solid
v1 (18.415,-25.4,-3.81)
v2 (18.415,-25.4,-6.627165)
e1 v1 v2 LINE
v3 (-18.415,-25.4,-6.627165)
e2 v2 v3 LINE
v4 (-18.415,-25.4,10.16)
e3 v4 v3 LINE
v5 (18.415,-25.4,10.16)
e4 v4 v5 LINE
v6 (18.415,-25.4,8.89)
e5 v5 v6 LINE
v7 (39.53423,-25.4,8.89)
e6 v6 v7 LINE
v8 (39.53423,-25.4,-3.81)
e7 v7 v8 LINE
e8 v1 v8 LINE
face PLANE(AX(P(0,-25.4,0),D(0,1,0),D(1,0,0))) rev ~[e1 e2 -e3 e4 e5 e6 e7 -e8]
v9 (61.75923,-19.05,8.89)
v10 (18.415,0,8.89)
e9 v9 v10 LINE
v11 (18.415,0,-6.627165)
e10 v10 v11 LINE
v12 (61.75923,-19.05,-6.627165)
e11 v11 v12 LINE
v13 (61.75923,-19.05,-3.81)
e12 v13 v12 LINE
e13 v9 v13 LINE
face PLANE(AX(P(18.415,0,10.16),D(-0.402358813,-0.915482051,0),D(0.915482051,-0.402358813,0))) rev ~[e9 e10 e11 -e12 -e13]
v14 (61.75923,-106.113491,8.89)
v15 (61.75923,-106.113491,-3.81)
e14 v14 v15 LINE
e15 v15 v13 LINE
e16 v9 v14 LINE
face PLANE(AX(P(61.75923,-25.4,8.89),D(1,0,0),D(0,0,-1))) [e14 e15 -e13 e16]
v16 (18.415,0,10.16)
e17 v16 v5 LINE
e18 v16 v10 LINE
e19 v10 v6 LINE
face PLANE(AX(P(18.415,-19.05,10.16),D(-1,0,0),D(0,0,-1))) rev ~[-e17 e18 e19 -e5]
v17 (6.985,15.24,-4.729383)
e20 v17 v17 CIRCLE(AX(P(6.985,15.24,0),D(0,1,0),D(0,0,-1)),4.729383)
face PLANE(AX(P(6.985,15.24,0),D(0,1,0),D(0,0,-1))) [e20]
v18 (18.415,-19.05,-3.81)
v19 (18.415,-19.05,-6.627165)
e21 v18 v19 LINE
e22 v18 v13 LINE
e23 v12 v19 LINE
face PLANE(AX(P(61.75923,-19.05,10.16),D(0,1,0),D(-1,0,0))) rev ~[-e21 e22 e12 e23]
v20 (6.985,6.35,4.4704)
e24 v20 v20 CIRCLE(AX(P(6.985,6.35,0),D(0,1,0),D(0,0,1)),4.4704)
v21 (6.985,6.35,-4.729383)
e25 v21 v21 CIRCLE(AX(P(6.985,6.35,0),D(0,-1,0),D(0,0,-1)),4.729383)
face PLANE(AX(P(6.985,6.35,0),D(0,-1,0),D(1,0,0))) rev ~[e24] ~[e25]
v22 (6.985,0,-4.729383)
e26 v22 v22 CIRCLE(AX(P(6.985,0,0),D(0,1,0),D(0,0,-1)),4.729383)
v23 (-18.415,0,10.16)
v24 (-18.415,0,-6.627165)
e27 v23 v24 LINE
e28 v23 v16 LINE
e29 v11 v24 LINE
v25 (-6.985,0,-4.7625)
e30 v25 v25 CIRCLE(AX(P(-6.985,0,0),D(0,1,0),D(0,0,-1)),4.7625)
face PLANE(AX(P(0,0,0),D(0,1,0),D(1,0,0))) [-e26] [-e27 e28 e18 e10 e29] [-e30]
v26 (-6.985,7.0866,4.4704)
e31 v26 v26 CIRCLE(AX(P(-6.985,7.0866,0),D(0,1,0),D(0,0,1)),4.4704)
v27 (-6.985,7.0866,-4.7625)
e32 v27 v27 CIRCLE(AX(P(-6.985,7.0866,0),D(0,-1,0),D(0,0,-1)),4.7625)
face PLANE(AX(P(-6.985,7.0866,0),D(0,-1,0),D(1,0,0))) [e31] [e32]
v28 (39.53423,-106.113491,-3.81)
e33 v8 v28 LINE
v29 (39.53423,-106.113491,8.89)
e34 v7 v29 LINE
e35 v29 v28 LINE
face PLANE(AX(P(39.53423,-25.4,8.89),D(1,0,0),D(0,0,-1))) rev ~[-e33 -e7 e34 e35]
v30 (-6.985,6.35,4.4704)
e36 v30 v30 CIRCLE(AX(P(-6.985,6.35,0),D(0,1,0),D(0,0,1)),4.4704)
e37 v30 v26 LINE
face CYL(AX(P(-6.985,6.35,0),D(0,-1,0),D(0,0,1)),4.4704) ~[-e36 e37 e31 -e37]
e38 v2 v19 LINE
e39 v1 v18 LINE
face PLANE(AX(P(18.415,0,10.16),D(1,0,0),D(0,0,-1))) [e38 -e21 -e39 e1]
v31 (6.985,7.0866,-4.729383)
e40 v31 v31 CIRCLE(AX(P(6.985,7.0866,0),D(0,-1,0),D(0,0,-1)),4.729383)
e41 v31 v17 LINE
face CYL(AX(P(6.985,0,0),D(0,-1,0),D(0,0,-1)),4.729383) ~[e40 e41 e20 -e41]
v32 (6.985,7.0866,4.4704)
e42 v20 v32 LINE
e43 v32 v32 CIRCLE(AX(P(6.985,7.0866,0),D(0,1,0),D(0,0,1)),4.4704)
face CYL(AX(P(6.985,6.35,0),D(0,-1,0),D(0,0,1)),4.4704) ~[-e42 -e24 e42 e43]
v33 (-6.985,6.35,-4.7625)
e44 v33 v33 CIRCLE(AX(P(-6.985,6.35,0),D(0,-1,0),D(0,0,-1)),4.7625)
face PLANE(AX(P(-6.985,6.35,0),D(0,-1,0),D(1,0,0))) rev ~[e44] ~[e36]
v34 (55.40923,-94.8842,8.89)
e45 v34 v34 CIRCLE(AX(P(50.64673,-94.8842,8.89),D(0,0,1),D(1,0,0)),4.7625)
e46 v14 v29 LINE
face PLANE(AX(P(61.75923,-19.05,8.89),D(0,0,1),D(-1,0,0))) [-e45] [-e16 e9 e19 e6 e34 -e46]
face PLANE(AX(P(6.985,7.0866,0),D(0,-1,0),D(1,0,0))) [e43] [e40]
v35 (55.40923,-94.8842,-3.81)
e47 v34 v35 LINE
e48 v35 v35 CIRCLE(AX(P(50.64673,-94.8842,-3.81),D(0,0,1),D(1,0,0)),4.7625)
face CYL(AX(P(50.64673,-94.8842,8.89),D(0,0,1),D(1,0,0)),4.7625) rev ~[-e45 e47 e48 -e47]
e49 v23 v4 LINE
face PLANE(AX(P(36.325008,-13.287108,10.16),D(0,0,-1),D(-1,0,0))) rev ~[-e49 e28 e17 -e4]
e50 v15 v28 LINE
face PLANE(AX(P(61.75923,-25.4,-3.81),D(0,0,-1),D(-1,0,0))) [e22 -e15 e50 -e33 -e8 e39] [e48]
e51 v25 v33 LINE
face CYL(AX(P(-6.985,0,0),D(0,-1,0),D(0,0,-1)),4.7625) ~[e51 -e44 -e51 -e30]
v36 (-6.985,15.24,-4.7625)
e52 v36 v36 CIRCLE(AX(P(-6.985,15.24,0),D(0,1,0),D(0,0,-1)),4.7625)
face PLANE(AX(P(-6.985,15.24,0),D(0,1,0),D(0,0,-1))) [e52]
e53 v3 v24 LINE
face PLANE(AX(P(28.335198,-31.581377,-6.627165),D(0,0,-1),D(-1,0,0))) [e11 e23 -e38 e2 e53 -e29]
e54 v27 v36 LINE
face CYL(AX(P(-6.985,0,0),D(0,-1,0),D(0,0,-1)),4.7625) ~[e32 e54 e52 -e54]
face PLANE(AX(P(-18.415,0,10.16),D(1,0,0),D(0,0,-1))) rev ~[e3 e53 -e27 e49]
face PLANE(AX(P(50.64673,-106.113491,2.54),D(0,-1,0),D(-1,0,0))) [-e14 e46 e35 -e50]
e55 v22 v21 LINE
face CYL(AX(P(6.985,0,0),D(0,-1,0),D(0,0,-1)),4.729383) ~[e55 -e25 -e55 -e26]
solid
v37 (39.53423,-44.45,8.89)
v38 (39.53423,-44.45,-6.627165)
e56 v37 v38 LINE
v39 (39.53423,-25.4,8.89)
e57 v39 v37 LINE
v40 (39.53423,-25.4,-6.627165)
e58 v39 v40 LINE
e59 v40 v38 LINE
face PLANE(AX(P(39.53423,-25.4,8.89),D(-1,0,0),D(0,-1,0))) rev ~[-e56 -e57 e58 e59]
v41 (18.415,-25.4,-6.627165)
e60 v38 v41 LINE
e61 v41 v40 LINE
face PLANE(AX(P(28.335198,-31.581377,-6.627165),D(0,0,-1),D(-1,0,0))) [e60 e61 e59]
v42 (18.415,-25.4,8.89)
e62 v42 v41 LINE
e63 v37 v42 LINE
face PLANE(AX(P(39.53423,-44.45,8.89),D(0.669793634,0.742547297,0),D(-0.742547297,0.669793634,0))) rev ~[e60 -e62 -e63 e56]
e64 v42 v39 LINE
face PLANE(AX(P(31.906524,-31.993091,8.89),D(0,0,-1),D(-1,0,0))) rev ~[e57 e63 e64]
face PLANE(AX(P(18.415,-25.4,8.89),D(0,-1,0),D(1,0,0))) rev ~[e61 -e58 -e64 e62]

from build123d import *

# Parameters (mm, degrees)
SKETCH1_W            = 36.83
SKETCH1_H            = 20.32
BOSS_EXTRUDE1_DEPTH  = 25.4
SKETCH2_W            = 12.7
SKETCH2_H            = 6.35
BOSS_EXTRUDE2_DEPTH  = 43.344230304
SKETCH3_W            = 22.225
SKETCH3_H            = 12.7
BOSS_EXTRUDE3_DEPTH  = 80.713490592
SKETCH4_R            = 4.7625
CUT_EXTRUDE1_DEPTH   = 125.246440244
SKETCH5_R            = 4.7625
SKETCH5_R_2          = 4.729383401
BOSS_EXTRUDE4_DEPTH  = 15.24
BOSS_EXTRUDE5_DEPTH  = 20.32
SKETCH8_W            = 43.344230304
SKETCH8_H            = 1.27
CUT_EXTRUDE2_DEPTH   = 108.226300513
BOSS_EXTRUDE10_DEPTH = 20.32
F_3DSKETCH3_R        = 5.08
CUT_EXTRUDE4_DEPTH   = 0.7366
SKETCH14_R           = 4.4704
BOSS_EXTRUDE11_DEPTH = 0.7366
SKETCH16_W           = 217.351888632
SKETCH16_H           = 211.359138863
CUT_EXTRUDE5_DEPTH   = 4.8028352


with BuildPart() as part:
    # Sketch1 → Boss-Extrude1 (new body)
    with BuildSketch(Plane(origin=(0, 0, 0), x_dir=(1, 0, 0), z_dir=(0, 1, 0))):
        Rectangle(SKETCH1_W, SKETCH1_H)
    extrude(amount=-BOSS_EXTRUDE1_DEPTH)

    # Sketch2 → Boss-Extrude2 (add)
    with BuildSketch(Plane(origin=(18.415, 0, 0), x_dir=(0, 0, -1), z_dir=(1, 0, 0))):
        with Locations((-2.54, -22.225)):
            Rectangle(SKETCH2_W, SKETCH2_H)
    extrude(amount=BOSS_EXTRUDE2_DEPTH)

    # Sketch3 → Boss-Extrude3 (add)
    with BuildSketch(Plane(origin=(0, -25.4, 0), x_dir=(-1, 0, 0), z_dir=(0, -1, 0))):
        with Locations((-50.646730304, -2.54)):
            Rectangle(SKETCH3_W, SKETCH3_H)
    extrude(amount=BOSS_EXTRUDE3_DEPTH)

    # Sketch4 → Cut-Extrude1 (cut, through all)
    with BuildSketch(Plane.XY.offset(8.89)):
        with Locations((50.646730304, -94.884200122)):
            Circle(SKETCH4_R)
    extrude(amount=-CUT_EXTRUDE1_DEPTH, mode=Mode.SUBTRACT)

    # Sketch5 → Boss-Extrude4 (add)
    with BuildSketch(Plane(origin=(0, 0, 0), x_dir=(1, 0, 0), z_dir=(0, 1, 0))):
        with Locations(Location((-6.985, 0, 0), (0, 0, 90))):
            Circle(SKETCH5_R)
        with Locations(Location((6.985, 0, 0), (0, 0, 90))):
            Circle(SKETCH5_R_2)
    extrude(amount=BOSS_EXTRUDE4_DEPTH)

    # Sketch7 → Boss-Extrude5 (add)
    with BuildSketch(Plane.XY.offset(10.16)):
        Polygon((18.415, 0), (61.759230304, -19.05), (18.415, -19.05), align=None)
    extrude(amount=-BOSS_EXTRUDE5_DEPTH)

    # Sketch8 → Cut-Extrude2 (cut, through all)
    with BuildSketch(Plane(origin=(0, -19.05, 0), x_dir=(-1, 0, 0), z_dir=(0, -1, 0))):
        with Locations((-40.087115152, -9.525)):
            Rectangle(SKETCH8_W, SKETCH8_H)
    extrude(amount=-CUT_EXTRUDE2_DEPTH, mode=Mode.SUBTRACT)

    # 3DSketch3 → Cut-Extrude4 (cut)
    with BuildSketch(Plane(origin=(-6.985, 6.35, 0), x_dir=(1, 0, 0), z_dir=(0, -1, 0))):
        Circle(F_3DSKETCH3_R)
        with Locations((13.97, 0)):
            Circle(F_3DSKETCH3_R)
    extrude(amount=-CUT_EXTRUDE4_DEPTH, mode=Mode.SUBTRACT)


with BuildPart() as body_2:
    # Sketch13 → Boss-Extrude10 (new body)
    with BuildSketch(Plane.XY.offset(8.89)):
        Polygon((18.415, -25.4), (39.534230304, -25.4), (39.534230304, -44.45), align=None)
    extrude(amount=-BOSS_EXTRUDE10_DEPTH)


with BuildPart() as cut_extrude4_piece_1:
    # of the separate pieces the step leaves, piece 1, a body of its own (cut_extrude4_pieces)
    add(part.part.solids().sort_by_distance((18.415, 0, 10.16))[0])



with BuildPart() as cut_extrude4_piece_2:
    # of the separate pieces the step leaves, piece 2, a body of its own (cut_extrude4_pieces)
    add(part.part.solids().sort_by_distance((-6.985, 7.0866, -4.7625))[0])


with BuildPart() as cut_extrude4_piece_3:
    # of the separate pieces the step leaves, piece 3, a body of its own (cut_extrude4_pieces)
    add(part.part.solids().sort_by_distance((6.985, 7.0866, -4.729383401))[0])


with BuildPart() as cut_extrude4_piece_1_1:
    add(cut_extrude4_piece_1.part)

    add(cut_extrude4_piece_2.part)  # Boss-Extrude11 merges Cut-Extrude4 piece 2

    add(cut_extrude4_piece_3.part)  # Boss-Extrude11 merges Cut-Extrude4 piece 3
    # Sketch14 → Boss-Extrude11 (add)
    with BuildSketch(Plane(origin=(0, 6.35, 0), x_dir=(1, 0, 0), z_dir=(0, 1, 0))):
        with Locations(Location((-6.985, 0, 0), (0, 0, 270))):
            Circle(SKETCH14_R)
        with Locations(Location((6.985, 0, 0), (0, 0, 270))):
            Circle(SKETCH14_R)
    extrude(amount=BOSS_EXTRUDE11_DEPTH)


with BuildPart() as cut_extrude5_tool:
    # Sketch16 → Cut-Extrude5 (new body)
    with BuildSketch(Plane(origin=(0, 0, -11.43), x_dir=(-1, 0, 0), z_dir=(0, 0, -1))):
        with Locations((-28.335198099, -31.581377013)):
            Rectangle(SKETCH16_W, SKETCH16_H)
    extrude(amount=-CUT_EXTRUDE5_DEPTH)


with BuildPart() as body_2_1:
    add(body_2.part)

    # Cut-Extrude5: cut by cut_extrude5_tool
    add(cut_extrude5_tool.part, mode=Mode.SUBTRACT)


with BuildPart() as cut_extrude4_piece_1_2:
    add(cut_extrude4_piece_1_1.part)

    # Cut-Extrude5: cut by cut_extrude5_tool
    add(cut_extrude5_tool.part, mode=Mode.SUBTRACT)


solid = Compound([body_2_1.part, cut_extrude4_piece_1_2.part])
